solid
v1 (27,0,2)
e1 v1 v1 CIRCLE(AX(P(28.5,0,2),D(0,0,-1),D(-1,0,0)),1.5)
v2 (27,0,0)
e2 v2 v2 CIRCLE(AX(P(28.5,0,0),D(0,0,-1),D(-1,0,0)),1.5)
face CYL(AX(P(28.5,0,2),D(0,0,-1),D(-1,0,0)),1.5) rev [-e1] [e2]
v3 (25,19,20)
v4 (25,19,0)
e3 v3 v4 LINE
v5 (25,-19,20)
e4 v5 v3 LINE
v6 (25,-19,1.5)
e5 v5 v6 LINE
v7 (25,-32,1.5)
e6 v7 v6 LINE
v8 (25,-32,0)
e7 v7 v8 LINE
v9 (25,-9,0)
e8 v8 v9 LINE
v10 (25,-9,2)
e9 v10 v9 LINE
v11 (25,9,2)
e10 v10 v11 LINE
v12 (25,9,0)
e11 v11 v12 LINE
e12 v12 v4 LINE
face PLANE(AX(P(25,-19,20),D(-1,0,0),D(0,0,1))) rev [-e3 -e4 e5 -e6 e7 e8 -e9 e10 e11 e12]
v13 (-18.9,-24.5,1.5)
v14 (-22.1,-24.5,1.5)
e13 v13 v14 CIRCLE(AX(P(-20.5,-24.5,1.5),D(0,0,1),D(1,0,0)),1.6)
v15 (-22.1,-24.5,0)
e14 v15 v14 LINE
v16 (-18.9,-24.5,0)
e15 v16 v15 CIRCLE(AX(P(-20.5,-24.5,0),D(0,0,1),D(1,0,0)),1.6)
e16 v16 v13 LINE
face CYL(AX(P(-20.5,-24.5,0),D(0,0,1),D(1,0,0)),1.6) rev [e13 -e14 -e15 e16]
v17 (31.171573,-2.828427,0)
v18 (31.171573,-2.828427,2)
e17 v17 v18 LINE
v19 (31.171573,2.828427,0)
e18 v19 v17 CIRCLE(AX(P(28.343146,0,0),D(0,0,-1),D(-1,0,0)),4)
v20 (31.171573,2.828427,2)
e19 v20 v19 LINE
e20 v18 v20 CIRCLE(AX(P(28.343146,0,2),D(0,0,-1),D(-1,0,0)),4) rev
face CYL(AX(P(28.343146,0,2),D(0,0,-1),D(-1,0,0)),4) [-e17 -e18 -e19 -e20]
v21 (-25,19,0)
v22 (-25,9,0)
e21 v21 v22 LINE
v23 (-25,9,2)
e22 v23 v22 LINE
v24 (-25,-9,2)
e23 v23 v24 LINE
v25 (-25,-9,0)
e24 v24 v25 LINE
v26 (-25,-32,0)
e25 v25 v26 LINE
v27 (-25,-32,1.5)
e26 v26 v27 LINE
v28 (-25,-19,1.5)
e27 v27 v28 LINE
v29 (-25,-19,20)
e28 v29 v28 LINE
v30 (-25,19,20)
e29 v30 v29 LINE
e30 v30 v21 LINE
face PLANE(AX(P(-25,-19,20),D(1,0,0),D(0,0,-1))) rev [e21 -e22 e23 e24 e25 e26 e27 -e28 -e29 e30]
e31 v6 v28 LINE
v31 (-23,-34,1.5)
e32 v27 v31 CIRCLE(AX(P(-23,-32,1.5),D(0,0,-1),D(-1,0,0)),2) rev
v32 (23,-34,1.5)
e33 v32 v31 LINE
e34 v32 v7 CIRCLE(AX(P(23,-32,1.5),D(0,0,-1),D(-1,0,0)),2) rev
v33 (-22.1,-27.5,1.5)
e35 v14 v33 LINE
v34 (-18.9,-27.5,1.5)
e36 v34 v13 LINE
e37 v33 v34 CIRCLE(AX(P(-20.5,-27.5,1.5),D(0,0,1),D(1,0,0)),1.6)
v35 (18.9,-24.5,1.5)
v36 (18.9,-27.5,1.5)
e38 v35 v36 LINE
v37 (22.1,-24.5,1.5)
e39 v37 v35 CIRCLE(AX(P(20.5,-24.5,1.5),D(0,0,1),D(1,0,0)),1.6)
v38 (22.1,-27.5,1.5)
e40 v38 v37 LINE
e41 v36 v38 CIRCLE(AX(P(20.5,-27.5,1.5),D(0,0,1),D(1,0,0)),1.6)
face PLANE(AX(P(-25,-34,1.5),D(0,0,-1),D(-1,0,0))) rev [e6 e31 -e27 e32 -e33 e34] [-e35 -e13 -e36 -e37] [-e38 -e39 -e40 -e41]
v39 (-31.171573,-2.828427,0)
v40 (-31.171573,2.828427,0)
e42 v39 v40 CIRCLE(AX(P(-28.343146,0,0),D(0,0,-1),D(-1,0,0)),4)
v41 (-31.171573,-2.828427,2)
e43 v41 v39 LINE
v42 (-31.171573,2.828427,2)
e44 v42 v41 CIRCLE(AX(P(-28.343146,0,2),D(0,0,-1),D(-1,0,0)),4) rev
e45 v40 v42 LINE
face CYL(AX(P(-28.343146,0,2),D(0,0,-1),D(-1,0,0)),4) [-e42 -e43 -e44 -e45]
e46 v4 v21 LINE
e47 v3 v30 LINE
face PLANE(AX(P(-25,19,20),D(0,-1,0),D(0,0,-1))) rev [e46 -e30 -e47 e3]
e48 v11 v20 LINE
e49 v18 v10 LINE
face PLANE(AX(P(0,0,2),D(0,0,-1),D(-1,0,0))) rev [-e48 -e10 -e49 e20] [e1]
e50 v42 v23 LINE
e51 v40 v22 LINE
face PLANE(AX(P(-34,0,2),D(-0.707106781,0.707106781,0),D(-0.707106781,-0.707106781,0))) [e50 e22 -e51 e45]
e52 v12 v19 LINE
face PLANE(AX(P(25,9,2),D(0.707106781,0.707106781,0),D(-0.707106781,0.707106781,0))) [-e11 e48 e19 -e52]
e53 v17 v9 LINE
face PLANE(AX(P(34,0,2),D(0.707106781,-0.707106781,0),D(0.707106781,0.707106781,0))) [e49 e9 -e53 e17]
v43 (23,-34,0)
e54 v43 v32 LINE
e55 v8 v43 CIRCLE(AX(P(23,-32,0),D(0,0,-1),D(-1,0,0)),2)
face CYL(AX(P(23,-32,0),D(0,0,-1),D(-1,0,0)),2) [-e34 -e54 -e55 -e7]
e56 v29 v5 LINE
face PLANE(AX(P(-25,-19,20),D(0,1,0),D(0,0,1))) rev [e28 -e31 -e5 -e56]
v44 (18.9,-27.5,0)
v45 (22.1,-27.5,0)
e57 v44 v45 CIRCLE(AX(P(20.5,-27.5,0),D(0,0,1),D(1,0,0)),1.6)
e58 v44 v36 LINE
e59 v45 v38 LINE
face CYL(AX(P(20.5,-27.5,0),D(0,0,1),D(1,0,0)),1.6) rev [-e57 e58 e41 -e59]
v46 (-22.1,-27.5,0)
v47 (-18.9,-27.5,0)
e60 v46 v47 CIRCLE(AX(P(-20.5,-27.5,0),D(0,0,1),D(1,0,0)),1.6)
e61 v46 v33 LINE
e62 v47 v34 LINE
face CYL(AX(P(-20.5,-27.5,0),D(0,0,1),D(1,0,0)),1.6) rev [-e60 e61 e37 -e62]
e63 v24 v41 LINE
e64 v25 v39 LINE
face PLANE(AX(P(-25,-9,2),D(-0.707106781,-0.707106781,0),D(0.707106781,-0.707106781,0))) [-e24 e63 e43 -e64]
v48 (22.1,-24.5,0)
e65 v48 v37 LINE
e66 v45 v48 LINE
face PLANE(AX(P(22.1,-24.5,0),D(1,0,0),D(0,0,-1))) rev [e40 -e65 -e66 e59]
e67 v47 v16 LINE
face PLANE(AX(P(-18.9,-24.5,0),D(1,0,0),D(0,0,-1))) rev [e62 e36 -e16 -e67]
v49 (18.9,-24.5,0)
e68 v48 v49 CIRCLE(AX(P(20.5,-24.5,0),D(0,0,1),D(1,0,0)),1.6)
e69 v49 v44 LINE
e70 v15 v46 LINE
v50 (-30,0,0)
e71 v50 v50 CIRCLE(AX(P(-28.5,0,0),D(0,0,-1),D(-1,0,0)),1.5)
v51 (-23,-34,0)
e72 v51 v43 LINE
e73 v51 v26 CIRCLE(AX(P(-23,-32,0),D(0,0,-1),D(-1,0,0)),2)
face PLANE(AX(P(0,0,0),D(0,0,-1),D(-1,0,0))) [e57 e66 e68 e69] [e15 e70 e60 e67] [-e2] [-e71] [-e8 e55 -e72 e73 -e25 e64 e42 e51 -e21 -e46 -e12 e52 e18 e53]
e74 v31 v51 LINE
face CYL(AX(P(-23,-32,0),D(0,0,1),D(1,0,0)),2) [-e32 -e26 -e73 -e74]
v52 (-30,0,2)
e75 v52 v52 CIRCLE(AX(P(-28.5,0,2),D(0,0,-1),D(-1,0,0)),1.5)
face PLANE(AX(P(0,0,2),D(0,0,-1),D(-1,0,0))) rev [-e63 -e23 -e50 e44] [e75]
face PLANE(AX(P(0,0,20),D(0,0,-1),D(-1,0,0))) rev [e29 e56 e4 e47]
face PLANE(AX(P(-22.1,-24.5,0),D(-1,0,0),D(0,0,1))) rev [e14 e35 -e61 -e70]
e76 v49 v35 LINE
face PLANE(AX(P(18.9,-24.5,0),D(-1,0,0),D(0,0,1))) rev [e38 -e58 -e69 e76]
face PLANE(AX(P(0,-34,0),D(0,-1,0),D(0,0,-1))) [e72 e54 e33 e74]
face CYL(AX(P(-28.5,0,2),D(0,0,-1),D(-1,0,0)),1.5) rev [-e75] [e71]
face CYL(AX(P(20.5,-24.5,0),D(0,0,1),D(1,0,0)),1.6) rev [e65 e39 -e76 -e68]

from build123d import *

# Parameters (mm, degrees)
ESQUISSE1_W             = 50
ESQUISSE1_H             = 38
BOSS_EXTRU_1_DEPTH      = 20
ESQUISSE2_W             = 50
ESQUISSE2_H             = 1.5
BOSS_EXTRU_2_DEPTH      = 15
CONG_1_R                = 2
ENL_V_MAT_EXTRU_1_DEPTH = 47.078736962
ESQUISSE4_R             = 1.5
BOSS_EXTRU_3_DEPTH      = 2
CONG_2_R                = 4


with BuildPart() as part:
    # Esquisse1 → Boss.-Extru.1 (new body)
    with BuildSketch(Plane.XY):
        Rectangle(ESQUISSE1_W, ESQUISSE1_H)
    extrude(amount=BOSS_EXTRU_1_DEPTH)

    # Esquisse2 → Boss.-Extru.2 (add)
    with BuildSketch(Plane(origin=(0, -19, 0), x_dir=(-1, 0, 0), z_dir=(0, -1, 0))):
        with Locations((0, -0.75)):
            Rectangle(ESQUISSE2_W, ESQUISSE2_H)
    extrude(amount=BOSS_EXTRU_2_DEPTH)

    # Congé1
    cong_1_edges = [part.edges().sort_by_distance(p)[0] for p in [
        (-25, -34, 0.75),
        (25, -34, 0.75),
    ]]
    fillet(cong_1_edges, radius=CONG_1_R)

    # Esquisse3 → Enlèv. mat.-Extru.1 (cut, through all)
    with BuildSketch(Plane.XY.offset(1.5)):
        with BuildLine():
            Line((-22.1, -24.5), (-22.1, -27.5))
            ThreePointArc((-22.1, -27.5), (-20.5, -29.1), (-18.9, -27.5))
            Line((-18.9, -27.5), (-18.9, -24.5))
            ThreePointArc((-18.9, -24.5), (-20.5, -22.9), (-22.1, -24.5))
        make_face()
        with BuildLine():
            Line((18.9, -24.5), (18.9, -27.5))
            ThreePointArc((18.9, -27.5), (20.5, -29.1), (22.1, -27.5))
            Line((22.1, -27.5), (22.1, -24.5))
            ThreePointArc((22.1, -24.5), (20.5, -22.9), (18.9, -24.5))
        make_face()
    extrude(amount=-ENL_V_MAT_EXTRU_1_DEPTH, mode=Mode.SUBTRACT)

    # Esquisse4 → Boss.-Extru.3 (add)
    # profile 1 of 2: a face of its own
    with BuildSketch(Plane(origin=(0, 0, 0), x_dir=(-1, 0, 0), z_dir=(0, 0, -1))):
        Polygon((-25, 9), (-34, 0), (-25, -9), align=None)
        with Locations((-28.5, 0)):
            Circle(ESQUISSE4_R, mode=Mode.SUBTRACT)
    # profile 2 of 2: a face of its own
    with BuildSketch(Plane(origin=(0, 0, 0), x_dir=(-1, 0, 0), z_dir=(0, 0, -1))):
        Polygon((25, -9), (34, 0), (25, 9), align=None)
        with Locations((28.5, 0)):
            Circle(ESQUISSE4_R, mode=Mode.SUBTRACT)
    extrude(amount=-BOSS_EXTRU_3_DEPTH)

    # Congé2
    cong_2_edges = [part.edges().sort_by_distance(p)[0] for p in [
        (34, 0, 1),
        (-34, 0, 1),
    ]]
    fillet(cong_2_edges, radius=CONG_2_R)


solid = part.part
